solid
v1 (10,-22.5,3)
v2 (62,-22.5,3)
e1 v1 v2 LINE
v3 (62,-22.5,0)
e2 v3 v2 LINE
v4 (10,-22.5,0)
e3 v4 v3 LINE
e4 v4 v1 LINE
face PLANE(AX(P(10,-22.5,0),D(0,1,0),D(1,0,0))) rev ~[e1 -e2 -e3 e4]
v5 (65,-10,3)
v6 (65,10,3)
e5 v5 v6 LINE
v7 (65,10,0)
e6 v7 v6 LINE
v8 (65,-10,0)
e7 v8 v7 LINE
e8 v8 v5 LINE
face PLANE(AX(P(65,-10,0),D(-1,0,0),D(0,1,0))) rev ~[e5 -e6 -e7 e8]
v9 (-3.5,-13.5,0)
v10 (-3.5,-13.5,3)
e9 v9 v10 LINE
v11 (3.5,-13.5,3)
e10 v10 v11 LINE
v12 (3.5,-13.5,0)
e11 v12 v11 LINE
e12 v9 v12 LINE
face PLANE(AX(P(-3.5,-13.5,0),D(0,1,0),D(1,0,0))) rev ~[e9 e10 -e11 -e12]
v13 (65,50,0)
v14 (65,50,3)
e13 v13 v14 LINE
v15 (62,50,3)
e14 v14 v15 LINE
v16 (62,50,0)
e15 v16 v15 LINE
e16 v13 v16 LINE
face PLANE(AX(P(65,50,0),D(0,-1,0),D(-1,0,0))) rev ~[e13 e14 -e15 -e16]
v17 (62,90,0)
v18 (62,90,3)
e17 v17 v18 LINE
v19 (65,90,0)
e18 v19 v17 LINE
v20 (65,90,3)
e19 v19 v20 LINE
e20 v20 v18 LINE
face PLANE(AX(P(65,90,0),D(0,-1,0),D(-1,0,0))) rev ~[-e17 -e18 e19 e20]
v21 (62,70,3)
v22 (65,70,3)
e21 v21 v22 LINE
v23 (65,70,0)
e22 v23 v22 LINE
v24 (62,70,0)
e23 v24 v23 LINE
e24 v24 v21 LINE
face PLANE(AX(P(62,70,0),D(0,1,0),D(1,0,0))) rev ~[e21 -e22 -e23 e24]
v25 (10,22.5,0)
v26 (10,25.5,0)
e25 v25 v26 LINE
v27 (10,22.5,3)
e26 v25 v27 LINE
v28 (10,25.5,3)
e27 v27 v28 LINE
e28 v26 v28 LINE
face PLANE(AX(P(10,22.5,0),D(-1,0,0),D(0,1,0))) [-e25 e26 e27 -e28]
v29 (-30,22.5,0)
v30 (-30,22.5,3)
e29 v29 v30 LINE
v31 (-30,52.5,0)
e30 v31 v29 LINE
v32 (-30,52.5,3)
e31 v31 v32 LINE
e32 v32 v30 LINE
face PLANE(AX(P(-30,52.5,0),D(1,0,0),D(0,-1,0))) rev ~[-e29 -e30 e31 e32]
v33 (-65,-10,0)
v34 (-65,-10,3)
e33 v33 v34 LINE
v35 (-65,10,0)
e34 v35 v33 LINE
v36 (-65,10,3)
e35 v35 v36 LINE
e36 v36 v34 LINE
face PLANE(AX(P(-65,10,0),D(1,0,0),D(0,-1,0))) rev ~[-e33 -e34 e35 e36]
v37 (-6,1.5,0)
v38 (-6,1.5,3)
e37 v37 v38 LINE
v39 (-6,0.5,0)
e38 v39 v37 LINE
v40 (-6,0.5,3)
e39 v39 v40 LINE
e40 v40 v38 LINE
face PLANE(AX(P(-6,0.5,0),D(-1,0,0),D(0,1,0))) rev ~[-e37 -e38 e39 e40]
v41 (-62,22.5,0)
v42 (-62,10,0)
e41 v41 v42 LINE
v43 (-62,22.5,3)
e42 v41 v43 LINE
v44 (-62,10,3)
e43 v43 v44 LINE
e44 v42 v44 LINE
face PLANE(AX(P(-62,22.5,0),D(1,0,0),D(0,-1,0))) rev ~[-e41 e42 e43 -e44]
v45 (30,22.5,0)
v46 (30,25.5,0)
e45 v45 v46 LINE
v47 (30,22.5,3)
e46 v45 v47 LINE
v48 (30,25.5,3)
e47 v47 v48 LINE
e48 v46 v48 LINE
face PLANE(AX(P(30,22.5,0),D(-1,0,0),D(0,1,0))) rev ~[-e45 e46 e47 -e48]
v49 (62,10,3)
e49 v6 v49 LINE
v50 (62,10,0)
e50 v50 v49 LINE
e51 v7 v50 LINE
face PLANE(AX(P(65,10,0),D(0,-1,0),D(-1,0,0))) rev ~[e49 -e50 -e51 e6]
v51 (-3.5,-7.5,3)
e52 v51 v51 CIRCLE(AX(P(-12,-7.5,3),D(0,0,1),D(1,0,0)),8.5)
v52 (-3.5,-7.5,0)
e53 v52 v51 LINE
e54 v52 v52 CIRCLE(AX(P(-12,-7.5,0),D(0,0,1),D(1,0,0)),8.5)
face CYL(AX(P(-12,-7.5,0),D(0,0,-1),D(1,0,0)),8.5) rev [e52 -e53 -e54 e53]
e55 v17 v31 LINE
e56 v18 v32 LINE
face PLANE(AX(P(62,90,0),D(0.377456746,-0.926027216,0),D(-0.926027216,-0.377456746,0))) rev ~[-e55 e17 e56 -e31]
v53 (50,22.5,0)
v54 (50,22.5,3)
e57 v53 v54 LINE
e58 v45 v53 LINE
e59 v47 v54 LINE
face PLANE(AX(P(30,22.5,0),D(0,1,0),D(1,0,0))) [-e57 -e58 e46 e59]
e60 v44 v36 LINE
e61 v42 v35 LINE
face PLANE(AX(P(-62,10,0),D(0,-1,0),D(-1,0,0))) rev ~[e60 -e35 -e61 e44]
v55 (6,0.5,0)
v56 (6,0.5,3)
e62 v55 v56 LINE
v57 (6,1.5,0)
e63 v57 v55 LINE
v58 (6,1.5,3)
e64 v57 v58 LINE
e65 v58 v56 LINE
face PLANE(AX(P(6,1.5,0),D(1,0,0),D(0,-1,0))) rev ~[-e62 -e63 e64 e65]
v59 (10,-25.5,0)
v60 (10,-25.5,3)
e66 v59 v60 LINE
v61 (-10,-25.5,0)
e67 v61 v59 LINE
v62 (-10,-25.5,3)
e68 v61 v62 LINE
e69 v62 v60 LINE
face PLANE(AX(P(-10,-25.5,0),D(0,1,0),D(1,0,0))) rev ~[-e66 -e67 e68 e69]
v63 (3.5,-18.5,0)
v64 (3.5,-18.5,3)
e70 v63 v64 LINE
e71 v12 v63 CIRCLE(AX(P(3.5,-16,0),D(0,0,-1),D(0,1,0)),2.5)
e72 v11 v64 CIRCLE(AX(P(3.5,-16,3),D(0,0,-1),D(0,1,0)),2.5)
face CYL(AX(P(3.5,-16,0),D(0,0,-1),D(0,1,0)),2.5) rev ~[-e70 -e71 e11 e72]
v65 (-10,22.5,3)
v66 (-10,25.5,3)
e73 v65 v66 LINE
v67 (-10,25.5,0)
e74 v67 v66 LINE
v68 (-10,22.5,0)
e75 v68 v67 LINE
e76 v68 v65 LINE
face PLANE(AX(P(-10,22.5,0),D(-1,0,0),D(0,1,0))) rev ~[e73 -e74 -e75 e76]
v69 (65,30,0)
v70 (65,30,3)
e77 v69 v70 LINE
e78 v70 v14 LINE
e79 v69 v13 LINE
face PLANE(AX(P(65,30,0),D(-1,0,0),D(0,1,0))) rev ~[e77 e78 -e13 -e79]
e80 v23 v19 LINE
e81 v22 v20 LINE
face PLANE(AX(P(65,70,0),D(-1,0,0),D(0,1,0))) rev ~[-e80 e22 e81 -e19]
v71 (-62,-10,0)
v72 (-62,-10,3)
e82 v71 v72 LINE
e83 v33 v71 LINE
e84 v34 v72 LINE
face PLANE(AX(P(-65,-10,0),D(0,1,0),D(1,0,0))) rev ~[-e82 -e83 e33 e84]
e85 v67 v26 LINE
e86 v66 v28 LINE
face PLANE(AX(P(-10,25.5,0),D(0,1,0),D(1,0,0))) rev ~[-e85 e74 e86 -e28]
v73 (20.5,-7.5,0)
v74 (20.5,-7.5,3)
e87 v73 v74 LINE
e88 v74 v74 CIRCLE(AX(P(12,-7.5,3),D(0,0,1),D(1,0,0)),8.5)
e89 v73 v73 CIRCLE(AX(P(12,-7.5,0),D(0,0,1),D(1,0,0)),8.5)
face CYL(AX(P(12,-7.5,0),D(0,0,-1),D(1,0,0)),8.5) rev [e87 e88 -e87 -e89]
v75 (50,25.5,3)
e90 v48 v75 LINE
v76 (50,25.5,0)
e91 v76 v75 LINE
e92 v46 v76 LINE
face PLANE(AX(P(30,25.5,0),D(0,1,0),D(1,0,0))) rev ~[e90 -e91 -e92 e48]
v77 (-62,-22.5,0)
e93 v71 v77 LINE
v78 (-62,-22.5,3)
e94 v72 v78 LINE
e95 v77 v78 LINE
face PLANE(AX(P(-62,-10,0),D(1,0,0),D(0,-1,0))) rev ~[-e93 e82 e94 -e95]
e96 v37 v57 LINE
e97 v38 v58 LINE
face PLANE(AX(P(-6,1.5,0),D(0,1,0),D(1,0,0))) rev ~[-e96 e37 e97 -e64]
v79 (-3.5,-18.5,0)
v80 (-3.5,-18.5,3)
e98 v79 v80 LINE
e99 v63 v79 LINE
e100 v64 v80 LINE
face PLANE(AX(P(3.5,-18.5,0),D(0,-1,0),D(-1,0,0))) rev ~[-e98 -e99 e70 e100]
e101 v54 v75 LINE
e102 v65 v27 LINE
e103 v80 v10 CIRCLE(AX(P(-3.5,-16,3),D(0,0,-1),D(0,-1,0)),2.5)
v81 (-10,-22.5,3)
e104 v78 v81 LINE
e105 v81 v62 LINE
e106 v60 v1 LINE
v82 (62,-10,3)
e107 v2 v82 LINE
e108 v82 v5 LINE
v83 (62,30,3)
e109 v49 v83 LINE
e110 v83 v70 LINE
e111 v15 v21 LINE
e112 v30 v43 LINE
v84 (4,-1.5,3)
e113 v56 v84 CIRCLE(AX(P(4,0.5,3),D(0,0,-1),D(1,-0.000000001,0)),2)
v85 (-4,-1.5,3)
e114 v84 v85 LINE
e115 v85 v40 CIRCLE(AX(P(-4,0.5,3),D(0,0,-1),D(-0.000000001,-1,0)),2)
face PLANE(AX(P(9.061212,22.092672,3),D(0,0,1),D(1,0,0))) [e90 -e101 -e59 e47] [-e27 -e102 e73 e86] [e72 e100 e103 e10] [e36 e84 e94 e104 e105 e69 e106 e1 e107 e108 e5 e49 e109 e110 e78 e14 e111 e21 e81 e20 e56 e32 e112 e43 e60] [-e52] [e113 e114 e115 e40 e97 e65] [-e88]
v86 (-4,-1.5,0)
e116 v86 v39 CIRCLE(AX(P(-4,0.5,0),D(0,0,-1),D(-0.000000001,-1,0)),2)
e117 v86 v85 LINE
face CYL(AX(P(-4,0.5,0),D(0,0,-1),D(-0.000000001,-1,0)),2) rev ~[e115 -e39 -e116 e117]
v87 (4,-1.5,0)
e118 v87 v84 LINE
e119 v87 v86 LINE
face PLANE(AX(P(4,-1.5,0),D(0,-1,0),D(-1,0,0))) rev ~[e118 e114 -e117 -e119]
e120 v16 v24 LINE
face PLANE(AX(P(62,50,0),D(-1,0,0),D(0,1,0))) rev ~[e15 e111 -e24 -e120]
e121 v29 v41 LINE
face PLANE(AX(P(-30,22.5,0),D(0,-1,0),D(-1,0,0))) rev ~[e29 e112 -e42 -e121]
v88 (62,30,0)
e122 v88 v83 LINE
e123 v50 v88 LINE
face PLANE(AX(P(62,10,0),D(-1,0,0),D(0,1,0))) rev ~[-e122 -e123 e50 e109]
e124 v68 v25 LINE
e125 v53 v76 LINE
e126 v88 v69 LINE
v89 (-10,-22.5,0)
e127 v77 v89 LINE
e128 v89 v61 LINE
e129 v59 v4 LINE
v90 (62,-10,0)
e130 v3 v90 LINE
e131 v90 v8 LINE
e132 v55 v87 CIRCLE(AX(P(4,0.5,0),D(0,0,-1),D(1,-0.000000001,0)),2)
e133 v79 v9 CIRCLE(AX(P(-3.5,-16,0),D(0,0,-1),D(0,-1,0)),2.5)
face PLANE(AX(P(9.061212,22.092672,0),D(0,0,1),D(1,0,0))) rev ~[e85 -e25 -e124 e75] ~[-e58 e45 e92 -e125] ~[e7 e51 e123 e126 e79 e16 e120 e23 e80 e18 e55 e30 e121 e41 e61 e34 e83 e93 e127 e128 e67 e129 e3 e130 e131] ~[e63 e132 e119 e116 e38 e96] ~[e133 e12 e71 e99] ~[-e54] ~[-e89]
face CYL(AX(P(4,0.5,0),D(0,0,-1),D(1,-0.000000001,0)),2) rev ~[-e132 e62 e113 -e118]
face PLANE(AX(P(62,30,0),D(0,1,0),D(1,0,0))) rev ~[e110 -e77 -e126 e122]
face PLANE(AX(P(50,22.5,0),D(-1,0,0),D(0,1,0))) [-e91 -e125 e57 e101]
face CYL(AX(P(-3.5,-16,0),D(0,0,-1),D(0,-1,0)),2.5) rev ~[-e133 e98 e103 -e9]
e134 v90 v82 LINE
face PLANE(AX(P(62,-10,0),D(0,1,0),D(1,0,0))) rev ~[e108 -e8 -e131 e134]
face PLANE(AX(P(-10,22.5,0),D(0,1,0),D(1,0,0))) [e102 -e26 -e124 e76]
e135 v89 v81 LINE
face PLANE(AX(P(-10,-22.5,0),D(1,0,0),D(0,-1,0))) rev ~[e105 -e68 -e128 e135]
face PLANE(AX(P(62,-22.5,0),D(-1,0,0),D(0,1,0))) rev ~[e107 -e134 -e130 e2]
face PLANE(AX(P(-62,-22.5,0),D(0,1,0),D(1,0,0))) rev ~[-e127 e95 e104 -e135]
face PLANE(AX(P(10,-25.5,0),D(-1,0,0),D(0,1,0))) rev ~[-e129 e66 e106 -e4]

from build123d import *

# Parameters (mm, degrees)
SKETCH4_R           = 8.5
SKETCH4_W           = 20
SKETCH4_H           = 3
BOSS_EXTRUDE2_DEPTH = 3


with BuildPart() as part:
    # Sketch4 → Boss-Extrude2 (new body)
    with BuildSketch(Plane.XY):
        Polygon((62, 90), (-30, 52.5), (-30, 22.5), (-62, 22.5), (-62, 10), (-65, 10), (-65, -10), (-62, -10), (-62, -22.5), (-10, -22.5), (-10, -25.5), (10, -25.5), (10, -22.5), (62, -22.5), (62, -10), (65, -10), (65, 10), (62, 10), (62, 22.5), (62, 30), (65, 30), (65, 50), (62, 50), (62, 70), (65, 70), (65, 90), align=None)
        with Locations((-12, -7.5)):
            Circle(SKETCH4_R, mode=Mode.SUBTRACT)
        with Locations((12, -7.5)):
            Circle(SKETCH4_R, mode=Mode.SUBTRACT)
        with BuildLine():
            Line((-3.5, -13.5), (3.5, -13.5))
            ThreePointArc((3.5, -13.5), (6, -16), (3.5, -18.5))
            Line((3.5, -18.5), (-3.5, -18.5))
            ThreePointArc((-3.5, -18.5), (-6, -16), (-3.5, -13.5))
        make_face(mode=Mode.SUBTRACT)
        with BuildLine():
            Line((4, -1.5), (-4, -1.5))
            ThreePointArc((-4, -1.5), (-5.414213562, -0.914213562), (-6, 0.5))
            Line((-6, 0.5), (-6, 1.5))
            Line((-6, 1.5), (6, 1.5))
            Line((6, 1.5), (6, 0.5))
            ThreePointArc((6, 0.5), (5.414213562, -0.914213562), (4, -1.5))
        make_face(mode=Mode.SUBTRACT)
        with Locations((0, 24)):
            Rectangle(SKETCH4_W, SKETCH4_H, mode=Mode.SUBTRACT)
        with Locations((40, 24)):
            Rectangle(SKETCH4_W, SKETCH4_H, mode=Mode.SUBTRACT)
    extrude(amount=BOSS_EXTRUDE2_DEPTH)


solid = part.part
